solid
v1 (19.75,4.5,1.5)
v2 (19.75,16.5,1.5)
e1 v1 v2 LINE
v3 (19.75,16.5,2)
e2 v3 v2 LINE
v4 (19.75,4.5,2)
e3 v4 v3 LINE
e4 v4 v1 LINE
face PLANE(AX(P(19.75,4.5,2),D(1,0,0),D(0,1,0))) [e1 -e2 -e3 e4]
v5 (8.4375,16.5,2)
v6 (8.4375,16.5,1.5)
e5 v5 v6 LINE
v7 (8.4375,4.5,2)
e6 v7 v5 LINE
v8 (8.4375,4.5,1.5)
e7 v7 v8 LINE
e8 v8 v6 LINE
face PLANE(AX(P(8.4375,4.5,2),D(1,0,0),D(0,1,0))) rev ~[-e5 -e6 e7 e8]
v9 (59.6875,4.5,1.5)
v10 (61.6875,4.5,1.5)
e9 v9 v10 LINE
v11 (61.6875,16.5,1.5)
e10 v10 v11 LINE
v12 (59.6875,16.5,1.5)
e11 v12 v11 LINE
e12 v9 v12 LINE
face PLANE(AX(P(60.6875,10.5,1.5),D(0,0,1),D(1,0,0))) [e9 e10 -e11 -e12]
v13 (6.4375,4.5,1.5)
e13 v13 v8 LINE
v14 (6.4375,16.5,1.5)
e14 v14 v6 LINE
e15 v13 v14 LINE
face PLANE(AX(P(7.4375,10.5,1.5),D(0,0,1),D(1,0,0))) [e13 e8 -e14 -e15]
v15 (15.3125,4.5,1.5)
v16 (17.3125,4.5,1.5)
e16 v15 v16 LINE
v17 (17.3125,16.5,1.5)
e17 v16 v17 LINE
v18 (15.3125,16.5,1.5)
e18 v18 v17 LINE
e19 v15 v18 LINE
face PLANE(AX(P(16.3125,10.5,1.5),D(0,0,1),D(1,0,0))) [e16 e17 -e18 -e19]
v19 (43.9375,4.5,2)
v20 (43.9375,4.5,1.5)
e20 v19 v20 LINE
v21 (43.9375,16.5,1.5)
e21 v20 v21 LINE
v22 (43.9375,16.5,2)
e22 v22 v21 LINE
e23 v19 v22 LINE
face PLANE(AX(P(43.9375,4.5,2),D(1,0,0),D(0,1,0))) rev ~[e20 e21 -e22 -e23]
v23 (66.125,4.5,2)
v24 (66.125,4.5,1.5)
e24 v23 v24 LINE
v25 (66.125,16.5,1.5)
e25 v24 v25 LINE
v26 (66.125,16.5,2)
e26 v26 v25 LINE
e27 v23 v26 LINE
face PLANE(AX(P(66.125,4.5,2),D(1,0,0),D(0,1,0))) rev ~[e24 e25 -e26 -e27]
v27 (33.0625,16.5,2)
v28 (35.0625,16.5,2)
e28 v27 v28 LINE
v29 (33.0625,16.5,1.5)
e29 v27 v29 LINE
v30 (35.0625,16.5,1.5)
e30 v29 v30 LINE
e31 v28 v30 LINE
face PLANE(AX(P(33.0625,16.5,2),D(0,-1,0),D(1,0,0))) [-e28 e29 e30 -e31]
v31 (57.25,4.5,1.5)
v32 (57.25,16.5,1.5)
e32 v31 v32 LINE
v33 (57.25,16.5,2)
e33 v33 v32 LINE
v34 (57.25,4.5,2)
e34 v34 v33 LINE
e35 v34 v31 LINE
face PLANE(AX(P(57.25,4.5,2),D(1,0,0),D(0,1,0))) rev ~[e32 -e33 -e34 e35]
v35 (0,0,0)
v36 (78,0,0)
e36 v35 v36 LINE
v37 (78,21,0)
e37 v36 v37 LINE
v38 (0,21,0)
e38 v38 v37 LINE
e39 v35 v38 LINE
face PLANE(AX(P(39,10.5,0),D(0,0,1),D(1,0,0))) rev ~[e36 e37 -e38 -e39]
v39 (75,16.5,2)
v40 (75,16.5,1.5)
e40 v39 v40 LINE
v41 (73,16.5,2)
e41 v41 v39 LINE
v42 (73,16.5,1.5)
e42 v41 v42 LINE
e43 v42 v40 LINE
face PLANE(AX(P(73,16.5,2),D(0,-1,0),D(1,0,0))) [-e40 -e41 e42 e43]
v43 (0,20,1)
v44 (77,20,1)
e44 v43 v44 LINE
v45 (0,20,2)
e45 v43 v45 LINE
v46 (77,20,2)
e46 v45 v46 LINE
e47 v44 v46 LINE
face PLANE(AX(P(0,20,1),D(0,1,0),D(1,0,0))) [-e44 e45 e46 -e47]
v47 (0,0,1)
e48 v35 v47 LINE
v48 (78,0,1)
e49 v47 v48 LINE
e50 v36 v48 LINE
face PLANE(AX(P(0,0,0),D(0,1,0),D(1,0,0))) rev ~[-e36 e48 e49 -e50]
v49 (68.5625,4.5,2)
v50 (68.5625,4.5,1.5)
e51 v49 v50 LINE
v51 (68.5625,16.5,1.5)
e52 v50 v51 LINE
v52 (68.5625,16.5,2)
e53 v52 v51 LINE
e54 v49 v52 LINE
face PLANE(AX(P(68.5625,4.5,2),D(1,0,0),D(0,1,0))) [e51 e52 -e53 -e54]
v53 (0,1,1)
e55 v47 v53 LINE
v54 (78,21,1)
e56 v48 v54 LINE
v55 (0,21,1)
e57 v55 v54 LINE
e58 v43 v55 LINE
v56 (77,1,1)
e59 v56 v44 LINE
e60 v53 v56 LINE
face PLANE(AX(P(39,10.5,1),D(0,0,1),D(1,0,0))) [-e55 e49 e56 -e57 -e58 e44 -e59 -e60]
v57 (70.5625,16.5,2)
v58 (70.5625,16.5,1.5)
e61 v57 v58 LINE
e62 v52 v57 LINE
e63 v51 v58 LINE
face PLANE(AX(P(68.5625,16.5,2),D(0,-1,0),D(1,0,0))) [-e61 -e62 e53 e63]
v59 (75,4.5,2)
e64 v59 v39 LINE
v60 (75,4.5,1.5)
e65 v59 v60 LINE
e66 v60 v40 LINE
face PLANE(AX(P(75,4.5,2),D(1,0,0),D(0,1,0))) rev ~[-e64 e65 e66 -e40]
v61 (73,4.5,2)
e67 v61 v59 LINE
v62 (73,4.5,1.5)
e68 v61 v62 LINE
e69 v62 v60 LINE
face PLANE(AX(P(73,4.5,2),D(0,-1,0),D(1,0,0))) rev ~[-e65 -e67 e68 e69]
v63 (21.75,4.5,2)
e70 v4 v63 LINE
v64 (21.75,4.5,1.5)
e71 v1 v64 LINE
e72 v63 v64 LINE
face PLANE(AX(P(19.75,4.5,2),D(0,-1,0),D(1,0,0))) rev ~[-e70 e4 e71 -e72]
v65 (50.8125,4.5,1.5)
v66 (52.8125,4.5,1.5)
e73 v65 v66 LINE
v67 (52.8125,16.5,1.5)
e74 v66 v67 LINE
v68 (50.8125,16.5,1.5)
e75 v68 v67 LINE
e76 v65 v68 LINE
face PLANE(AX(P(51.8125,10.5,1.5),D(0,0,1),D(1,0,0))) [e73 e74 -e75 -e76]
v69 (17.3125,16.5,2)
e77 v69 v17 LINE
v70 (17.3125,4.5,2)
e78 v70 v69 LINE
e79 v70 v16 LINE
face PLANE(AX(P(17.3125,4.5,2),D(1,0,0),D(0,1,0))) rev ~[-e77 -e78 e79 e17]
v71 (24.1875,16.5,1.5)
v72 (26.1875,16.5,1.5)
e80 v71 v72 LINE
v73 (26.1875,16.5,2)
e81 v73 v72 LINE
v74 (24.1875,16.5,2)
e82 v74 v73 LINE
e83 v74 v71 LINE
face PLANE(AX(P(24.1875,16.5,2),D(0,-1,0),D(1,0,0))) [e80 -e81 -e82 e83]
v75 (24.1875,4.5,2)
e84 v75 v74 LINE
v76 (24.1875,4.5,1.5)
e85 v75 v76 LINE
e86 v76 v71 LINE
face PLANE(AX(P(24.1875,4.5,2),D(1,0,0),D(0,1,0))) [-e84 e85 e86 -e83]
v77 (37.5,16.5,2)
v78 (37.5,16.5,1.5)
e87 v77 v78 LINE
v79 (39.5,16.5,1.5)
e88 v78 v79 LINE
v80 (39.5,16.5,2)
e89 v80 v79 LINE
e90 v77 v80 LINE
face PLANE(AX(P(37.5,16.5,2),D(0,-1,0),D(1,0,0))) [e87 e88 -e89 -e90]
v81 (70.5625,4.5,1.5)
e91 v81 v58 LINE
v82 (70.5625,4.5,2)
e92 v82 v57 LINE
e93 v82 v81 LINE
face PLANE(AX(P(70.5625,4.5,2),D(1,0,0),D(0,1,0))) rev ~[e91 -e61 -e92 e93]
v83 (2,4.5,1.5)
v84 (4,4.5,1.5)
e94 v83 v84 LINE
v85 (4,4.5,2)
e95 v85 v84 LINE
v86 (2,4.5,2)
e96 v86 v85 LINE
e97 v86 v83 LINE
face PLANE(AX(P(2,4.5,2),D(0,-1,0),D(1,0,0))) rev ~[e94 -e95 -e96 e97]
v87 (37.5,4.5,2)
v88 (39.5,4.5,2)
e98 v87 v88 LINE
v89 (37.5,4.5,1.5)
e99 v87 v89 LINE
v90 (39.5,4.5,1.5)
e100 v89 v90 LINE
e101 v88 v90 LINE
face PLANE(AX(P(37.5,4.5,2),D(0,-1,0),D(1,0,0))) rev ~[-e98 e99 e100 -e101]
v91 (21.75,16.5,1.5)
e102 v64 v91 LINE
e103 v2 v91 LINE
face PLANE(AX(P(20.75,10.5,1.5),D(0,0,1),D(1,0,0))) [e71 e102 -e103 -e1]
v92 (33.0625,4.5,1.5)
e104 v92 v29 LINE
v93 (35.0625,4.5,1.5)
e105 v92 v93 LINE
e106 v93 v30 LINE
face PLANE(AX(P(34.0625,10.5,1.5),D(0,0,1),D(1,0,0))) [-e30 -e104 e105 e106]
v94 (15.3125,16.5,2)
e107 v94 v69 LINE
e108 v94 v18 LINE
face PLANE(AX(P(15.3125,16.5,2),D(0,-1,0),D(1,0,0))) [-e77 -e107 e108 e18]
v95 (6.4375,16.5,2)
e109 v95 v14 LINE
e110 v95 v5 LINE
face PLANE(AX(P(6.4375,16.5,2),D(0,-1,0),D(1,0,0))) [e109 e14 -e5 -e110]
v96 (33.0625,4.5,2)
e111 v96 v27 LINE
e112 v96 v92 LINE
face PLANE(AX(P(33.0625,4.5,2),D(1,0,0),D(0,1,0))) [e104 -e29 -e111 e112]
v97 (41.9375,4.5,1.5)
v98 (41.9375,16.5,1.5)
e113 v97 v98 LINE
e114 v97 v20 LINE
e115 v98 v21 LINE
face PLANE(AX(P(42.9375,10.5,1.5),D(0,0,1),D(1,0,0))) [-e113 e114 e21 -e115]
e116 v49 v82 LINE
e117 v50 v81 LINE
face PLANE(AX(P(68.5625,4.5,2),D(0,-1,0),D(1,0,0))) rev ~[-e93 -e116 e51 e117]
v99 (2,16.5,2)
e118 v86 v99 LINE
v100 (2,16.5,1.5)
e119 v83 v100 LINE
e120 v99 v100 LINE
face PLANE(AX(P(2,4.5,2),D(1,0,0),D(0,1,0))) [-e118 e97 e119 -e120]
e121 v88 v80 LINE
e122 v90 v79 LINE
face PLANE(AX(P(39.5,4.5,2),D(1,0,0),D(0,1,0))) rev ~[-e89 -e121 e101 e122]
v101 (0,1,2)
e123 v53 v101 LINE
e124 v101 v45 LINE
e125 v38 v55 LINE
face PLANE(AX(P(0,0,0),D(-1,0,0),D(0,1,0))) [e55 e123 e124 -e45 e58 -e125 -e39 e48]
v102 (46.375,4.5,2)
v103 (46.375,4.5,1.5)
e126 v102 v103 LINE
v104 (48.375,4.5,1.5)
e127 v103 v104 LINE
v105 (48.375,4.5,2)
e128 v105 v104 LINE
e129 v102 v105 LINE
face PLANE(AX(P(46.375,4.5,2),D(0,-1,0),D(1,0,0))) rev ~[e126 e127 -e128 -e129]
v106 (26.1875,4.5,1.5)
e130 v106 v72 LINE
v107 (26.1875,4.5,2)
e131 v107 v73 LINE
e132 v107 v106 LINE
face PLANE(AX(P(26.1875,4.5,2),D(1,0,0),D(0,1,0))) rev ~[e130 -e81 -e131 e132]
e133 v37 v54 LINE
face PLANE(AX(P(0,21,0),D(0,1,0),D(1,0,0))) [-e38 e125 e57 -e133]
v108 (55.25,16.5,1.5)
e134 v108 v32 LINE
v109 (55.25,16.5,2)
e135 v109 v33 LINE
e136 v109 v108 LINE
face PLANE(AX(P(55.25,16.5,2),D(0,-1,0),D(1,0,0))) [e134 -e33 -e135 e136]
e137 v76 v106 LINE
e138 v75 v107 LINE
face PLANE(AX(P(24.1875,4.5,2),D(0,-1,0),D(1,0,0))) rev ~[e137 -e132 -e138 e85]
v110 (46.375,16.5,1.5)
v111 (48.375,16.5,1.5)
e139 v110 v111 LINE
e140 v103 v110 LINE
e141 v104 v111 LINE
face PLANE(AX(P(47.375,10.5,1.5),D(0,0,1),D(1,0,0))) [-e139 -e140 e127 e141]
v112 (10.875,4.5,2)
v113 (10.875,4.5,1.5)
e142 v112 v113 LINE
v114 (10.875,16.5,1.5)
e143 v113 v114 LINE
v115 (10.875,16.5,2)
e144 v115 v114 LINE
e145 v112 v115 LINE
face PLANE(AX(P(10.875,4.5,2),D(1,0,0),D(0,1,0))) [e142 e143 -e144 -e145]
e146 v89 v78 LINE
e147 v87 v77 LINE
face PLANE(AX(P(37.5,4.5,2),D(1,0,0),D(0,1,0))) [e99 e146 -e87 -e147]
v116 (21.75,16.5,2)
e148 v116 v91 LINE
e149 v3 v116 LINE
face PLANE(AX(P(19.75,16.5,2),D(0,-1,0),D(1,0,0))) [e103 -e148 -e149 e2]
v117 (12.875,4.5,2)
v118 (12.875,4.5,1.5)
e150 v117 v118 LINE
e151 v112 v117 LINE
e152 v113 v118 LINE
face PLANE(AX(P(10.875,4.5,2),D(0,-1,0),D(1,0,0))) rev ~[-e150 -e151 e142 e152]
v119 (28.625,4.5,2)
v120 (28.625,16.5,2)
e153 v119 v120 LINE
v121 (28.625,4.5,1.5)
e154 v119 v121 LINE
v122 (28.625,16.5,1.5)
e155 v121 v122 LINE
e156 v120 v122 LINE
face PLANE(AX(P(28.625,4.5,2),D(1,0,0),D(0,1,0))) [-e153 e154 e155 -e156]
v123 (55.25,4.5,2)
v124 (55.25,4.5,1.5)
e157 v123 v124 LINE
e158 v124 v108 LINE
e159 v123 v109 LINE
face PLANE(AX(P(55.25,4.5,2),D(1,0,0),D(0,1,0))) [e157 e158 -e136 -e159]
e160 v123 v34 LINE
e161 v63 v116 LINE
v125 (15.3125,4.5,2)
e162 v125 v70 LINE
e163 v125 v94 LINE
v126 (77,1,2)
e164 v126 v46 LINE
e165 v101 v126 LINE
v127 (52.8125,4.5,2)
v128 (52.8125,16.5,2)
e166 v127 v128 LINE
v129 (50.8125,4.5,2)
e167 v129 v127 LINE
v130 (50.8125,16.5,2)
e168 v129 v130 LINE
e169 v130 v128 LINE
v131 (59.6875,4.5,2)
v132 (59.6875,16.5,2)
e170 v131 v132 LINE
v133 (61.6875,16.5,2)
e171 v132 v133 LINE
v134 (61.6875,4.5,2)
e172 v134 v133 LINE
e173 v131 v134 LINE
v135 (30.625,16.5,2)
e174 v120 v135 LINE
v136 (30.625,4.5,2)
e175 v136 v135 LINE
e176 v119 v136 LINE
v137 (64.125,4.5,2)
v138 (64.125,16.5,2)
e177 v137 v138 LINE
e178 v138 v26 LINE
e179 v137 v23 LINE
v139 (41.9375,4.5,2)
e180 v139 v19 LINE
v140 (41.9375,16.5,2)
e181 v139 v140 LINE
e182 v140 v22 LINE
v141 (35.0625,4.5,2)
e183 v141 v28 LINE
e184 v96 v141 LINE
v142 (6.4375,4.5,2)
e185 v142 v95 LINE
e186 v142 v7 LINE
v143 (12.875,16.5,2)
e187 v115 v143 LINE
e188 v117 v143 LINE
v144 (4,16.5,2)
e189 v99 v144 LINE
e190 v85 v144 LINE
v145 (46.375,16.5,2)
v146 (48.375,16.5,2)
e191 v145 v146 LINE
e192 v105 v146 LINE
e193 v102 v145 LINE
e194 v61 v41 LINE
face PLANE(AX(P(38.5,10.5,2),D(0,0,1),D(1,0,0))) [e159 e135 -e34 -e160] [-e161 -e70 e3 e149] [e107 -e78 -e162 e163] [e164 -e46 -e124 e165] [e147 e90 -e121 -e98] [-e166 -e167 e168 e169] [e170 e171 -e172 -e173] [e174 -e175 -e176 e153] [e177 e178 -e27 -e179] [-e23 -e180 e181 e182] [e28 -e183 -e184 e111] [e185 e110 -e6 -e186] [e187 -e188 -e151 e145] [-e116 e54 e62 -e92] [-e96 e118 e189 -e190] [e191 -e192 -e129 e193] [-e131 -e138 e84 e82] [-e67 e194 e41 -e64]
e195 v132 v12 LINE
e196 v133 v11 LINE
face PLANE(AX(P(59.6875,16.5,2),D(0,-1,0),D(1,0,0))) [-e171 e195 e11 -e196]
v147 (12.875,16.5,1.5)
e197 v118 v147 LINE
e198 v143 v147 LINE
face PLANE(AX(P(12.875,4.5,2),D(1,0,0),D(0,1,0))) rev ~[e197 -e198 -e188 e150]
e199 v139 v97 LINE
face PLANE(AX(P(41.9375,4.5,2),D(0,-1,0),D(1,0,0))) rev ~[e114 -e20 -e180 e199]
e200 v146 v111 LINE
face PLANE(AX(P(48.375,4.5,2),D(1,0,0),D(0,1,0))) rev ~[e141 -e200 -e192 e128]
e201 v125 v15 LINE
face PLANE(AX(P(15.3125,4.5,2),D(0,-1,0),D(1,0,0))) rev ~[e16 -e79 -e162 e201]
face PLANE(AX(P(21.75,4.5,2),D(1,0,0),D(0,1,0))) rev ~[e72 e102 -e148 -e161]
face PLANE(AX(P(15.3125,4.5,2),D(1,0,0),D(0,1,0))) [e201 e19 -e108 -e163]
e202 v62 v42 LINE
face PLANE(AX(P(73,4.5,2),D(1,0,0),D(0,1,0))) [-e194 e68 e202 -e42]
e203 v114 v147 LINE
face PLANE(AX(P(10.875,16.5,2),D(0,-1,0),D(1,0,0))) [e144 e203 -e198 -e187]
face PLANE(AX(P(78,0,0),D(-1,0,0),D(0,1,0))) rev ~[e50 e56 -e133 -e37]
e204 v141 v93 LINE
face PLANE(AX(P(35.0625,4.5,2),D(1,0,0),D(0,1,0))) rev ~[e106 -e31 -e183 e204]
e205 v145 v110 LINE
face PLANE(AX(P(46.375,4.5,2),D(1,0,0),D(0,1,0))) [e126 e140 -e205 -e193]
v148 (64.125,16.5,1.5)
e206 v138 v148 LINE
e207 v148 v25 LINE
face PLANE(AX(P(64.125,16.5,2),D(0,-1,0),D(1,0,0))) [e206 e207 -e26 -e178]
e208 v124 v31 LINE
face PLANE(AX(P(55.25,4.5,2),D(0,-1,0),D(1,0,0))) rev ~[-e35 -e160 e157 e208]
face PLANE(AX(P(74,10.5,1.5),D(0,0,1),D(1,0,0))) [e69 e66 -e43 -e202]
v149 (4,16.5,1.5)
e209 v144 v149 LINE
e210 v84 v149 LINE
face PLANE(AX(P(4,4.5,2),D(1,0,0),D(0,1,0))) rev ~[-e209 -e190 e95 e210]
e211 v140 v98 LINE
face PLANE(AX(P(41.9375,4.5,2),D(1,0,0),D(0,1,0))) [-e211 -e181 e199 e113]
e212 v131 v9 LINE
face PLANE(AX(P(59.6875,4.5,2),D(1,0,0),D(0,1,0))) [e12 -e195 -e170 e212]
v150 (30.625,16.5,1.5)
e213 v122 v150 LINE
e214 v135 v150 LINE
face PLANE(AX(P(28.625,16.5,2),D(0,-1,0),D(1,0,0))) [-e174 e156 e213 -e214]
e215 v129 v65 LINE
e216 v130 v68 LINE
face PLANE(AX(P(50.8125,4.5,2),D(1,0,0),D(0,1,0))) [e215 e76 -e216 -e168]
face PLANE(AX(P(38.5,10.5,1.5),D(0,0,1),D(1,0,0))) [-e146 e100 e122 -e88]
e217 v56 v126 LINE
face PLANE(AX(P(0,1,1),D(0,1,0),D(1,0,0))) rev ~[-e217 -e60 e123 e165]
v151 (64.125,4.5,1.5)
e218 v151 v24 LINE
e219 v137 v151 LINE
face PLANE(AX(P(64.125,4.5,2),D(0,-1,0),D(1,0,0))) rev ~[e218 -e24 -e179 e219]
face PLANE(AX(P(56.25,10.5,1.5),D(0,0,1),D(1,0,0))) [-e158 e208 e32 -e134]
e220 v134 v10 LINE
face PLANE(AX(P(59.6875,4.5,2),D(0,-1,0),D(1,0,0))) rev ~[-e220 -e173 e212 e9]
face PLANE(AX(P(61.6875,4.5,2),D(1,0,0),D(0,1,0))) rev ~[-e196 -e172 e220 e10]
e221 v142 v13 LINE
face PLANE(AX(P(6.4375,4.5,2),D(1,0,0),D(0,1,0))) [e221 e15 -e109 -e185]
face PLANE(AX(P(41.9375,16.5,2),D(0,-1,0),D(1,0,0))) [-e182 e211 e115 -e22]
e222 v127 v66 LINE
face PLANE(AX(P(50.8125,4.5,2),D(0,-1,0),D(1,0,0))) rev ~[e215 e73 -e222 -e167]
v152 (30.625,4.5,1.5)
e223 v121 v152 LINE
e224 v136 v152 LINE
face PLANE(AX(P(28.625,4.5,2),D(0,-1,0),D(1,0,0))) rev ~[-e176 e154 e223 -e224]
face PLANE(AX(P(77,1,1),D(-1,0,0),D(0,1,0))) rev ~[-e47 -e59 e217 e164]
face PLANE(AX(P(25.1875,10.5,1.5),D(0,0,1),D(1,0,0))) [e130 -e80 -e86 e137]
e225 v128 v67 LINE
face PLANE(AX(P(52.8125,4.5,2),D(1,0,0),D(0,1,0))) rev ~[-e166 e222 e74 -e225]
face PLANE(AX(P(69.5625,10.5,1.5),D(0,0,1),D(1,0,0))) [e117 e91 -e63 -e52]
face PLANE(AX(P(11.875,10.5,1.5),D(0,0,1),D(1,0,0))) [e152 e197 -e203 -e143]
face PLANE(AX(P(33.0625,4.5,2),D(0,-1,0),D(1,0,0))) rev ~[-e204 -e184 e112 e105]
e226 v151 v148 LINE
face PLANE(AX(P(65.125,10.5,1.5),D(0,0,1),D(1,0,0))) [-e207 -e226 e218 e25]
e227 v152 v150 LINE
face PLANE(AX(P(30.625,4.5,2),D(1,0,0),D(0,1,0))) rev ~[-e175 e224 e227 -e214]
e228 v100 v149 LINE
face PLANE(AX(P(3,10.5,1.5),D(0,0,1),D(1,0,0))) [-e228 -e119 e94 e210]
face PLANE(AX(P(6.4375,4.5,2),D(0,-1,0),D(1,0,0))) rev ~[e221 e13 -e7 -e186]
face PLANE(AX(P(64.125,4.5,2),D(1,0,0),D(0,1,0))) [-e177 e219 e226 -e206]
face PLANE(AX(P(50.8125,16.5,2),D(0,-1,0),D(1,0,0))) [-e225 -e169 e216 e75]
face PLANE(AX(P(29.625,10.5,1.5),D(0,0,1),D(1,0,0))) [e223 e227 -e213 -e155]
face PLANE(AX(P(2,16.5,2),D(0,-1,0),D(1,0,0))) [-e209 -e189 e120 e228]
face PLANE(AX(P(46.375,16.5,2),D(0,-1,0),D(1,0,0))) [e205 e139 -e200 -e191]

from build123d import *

# Parameters (mm, degrees)
SKETCH_W            = 78
SKETCH_H            = 21
PAD_DEPTH           = 1
SKETCH001_W         = 77
SKETCH001_H         = 19
PAD001_DEPTH        = 1
SKETCH002_W         = 2
SKETCH002_H         = 12
POCKET_DEPTH        = 0.5
LINEARPATTERN_COUNT = 17
LINEARPATTERN_PITCH = 4.4375


with BuildPart() as part:
    # Sketch → Pad (new body)
    with BuildSketch(Plane.XY):
        with Locations((39, 10.5)):
            Rectangle(SKETCH_W, SKETCH_H)
    extrude(amount=PAD_DEPTH)

    # Sketch001 (on Face6 of Pad) → Pad001 (join)
    with BuildSketch(Plane.XY.offset(1)):
        with Locations((38.5, 10.5)):
            Rectangle(SKETCH001_W, SKETCH001_H)
    extrude(amount=PAD001_DEPTH)

    # Sketch002 (on Face11 of Pad001) → Pocket (cut)
    with BuildSketch(Plane.XY.offset(2)):
        with Locations((3, 10.5)):
            Rectangle(SKETCH002_W, SKETCH002_H)
    pocket = extrude(amount=-POCKET_DEPTH, mode=Mode.SUBTRACT)

    # LinearPattern: Pocket ×17
    with Locations(*[(i * LINEARPATTERN_PITCH, 0, 0) for i in range(1, LINEARPATTERN_COUNT)]):
        add(pocket, mode=Mode.SUBTRACT)


solid = part.part
